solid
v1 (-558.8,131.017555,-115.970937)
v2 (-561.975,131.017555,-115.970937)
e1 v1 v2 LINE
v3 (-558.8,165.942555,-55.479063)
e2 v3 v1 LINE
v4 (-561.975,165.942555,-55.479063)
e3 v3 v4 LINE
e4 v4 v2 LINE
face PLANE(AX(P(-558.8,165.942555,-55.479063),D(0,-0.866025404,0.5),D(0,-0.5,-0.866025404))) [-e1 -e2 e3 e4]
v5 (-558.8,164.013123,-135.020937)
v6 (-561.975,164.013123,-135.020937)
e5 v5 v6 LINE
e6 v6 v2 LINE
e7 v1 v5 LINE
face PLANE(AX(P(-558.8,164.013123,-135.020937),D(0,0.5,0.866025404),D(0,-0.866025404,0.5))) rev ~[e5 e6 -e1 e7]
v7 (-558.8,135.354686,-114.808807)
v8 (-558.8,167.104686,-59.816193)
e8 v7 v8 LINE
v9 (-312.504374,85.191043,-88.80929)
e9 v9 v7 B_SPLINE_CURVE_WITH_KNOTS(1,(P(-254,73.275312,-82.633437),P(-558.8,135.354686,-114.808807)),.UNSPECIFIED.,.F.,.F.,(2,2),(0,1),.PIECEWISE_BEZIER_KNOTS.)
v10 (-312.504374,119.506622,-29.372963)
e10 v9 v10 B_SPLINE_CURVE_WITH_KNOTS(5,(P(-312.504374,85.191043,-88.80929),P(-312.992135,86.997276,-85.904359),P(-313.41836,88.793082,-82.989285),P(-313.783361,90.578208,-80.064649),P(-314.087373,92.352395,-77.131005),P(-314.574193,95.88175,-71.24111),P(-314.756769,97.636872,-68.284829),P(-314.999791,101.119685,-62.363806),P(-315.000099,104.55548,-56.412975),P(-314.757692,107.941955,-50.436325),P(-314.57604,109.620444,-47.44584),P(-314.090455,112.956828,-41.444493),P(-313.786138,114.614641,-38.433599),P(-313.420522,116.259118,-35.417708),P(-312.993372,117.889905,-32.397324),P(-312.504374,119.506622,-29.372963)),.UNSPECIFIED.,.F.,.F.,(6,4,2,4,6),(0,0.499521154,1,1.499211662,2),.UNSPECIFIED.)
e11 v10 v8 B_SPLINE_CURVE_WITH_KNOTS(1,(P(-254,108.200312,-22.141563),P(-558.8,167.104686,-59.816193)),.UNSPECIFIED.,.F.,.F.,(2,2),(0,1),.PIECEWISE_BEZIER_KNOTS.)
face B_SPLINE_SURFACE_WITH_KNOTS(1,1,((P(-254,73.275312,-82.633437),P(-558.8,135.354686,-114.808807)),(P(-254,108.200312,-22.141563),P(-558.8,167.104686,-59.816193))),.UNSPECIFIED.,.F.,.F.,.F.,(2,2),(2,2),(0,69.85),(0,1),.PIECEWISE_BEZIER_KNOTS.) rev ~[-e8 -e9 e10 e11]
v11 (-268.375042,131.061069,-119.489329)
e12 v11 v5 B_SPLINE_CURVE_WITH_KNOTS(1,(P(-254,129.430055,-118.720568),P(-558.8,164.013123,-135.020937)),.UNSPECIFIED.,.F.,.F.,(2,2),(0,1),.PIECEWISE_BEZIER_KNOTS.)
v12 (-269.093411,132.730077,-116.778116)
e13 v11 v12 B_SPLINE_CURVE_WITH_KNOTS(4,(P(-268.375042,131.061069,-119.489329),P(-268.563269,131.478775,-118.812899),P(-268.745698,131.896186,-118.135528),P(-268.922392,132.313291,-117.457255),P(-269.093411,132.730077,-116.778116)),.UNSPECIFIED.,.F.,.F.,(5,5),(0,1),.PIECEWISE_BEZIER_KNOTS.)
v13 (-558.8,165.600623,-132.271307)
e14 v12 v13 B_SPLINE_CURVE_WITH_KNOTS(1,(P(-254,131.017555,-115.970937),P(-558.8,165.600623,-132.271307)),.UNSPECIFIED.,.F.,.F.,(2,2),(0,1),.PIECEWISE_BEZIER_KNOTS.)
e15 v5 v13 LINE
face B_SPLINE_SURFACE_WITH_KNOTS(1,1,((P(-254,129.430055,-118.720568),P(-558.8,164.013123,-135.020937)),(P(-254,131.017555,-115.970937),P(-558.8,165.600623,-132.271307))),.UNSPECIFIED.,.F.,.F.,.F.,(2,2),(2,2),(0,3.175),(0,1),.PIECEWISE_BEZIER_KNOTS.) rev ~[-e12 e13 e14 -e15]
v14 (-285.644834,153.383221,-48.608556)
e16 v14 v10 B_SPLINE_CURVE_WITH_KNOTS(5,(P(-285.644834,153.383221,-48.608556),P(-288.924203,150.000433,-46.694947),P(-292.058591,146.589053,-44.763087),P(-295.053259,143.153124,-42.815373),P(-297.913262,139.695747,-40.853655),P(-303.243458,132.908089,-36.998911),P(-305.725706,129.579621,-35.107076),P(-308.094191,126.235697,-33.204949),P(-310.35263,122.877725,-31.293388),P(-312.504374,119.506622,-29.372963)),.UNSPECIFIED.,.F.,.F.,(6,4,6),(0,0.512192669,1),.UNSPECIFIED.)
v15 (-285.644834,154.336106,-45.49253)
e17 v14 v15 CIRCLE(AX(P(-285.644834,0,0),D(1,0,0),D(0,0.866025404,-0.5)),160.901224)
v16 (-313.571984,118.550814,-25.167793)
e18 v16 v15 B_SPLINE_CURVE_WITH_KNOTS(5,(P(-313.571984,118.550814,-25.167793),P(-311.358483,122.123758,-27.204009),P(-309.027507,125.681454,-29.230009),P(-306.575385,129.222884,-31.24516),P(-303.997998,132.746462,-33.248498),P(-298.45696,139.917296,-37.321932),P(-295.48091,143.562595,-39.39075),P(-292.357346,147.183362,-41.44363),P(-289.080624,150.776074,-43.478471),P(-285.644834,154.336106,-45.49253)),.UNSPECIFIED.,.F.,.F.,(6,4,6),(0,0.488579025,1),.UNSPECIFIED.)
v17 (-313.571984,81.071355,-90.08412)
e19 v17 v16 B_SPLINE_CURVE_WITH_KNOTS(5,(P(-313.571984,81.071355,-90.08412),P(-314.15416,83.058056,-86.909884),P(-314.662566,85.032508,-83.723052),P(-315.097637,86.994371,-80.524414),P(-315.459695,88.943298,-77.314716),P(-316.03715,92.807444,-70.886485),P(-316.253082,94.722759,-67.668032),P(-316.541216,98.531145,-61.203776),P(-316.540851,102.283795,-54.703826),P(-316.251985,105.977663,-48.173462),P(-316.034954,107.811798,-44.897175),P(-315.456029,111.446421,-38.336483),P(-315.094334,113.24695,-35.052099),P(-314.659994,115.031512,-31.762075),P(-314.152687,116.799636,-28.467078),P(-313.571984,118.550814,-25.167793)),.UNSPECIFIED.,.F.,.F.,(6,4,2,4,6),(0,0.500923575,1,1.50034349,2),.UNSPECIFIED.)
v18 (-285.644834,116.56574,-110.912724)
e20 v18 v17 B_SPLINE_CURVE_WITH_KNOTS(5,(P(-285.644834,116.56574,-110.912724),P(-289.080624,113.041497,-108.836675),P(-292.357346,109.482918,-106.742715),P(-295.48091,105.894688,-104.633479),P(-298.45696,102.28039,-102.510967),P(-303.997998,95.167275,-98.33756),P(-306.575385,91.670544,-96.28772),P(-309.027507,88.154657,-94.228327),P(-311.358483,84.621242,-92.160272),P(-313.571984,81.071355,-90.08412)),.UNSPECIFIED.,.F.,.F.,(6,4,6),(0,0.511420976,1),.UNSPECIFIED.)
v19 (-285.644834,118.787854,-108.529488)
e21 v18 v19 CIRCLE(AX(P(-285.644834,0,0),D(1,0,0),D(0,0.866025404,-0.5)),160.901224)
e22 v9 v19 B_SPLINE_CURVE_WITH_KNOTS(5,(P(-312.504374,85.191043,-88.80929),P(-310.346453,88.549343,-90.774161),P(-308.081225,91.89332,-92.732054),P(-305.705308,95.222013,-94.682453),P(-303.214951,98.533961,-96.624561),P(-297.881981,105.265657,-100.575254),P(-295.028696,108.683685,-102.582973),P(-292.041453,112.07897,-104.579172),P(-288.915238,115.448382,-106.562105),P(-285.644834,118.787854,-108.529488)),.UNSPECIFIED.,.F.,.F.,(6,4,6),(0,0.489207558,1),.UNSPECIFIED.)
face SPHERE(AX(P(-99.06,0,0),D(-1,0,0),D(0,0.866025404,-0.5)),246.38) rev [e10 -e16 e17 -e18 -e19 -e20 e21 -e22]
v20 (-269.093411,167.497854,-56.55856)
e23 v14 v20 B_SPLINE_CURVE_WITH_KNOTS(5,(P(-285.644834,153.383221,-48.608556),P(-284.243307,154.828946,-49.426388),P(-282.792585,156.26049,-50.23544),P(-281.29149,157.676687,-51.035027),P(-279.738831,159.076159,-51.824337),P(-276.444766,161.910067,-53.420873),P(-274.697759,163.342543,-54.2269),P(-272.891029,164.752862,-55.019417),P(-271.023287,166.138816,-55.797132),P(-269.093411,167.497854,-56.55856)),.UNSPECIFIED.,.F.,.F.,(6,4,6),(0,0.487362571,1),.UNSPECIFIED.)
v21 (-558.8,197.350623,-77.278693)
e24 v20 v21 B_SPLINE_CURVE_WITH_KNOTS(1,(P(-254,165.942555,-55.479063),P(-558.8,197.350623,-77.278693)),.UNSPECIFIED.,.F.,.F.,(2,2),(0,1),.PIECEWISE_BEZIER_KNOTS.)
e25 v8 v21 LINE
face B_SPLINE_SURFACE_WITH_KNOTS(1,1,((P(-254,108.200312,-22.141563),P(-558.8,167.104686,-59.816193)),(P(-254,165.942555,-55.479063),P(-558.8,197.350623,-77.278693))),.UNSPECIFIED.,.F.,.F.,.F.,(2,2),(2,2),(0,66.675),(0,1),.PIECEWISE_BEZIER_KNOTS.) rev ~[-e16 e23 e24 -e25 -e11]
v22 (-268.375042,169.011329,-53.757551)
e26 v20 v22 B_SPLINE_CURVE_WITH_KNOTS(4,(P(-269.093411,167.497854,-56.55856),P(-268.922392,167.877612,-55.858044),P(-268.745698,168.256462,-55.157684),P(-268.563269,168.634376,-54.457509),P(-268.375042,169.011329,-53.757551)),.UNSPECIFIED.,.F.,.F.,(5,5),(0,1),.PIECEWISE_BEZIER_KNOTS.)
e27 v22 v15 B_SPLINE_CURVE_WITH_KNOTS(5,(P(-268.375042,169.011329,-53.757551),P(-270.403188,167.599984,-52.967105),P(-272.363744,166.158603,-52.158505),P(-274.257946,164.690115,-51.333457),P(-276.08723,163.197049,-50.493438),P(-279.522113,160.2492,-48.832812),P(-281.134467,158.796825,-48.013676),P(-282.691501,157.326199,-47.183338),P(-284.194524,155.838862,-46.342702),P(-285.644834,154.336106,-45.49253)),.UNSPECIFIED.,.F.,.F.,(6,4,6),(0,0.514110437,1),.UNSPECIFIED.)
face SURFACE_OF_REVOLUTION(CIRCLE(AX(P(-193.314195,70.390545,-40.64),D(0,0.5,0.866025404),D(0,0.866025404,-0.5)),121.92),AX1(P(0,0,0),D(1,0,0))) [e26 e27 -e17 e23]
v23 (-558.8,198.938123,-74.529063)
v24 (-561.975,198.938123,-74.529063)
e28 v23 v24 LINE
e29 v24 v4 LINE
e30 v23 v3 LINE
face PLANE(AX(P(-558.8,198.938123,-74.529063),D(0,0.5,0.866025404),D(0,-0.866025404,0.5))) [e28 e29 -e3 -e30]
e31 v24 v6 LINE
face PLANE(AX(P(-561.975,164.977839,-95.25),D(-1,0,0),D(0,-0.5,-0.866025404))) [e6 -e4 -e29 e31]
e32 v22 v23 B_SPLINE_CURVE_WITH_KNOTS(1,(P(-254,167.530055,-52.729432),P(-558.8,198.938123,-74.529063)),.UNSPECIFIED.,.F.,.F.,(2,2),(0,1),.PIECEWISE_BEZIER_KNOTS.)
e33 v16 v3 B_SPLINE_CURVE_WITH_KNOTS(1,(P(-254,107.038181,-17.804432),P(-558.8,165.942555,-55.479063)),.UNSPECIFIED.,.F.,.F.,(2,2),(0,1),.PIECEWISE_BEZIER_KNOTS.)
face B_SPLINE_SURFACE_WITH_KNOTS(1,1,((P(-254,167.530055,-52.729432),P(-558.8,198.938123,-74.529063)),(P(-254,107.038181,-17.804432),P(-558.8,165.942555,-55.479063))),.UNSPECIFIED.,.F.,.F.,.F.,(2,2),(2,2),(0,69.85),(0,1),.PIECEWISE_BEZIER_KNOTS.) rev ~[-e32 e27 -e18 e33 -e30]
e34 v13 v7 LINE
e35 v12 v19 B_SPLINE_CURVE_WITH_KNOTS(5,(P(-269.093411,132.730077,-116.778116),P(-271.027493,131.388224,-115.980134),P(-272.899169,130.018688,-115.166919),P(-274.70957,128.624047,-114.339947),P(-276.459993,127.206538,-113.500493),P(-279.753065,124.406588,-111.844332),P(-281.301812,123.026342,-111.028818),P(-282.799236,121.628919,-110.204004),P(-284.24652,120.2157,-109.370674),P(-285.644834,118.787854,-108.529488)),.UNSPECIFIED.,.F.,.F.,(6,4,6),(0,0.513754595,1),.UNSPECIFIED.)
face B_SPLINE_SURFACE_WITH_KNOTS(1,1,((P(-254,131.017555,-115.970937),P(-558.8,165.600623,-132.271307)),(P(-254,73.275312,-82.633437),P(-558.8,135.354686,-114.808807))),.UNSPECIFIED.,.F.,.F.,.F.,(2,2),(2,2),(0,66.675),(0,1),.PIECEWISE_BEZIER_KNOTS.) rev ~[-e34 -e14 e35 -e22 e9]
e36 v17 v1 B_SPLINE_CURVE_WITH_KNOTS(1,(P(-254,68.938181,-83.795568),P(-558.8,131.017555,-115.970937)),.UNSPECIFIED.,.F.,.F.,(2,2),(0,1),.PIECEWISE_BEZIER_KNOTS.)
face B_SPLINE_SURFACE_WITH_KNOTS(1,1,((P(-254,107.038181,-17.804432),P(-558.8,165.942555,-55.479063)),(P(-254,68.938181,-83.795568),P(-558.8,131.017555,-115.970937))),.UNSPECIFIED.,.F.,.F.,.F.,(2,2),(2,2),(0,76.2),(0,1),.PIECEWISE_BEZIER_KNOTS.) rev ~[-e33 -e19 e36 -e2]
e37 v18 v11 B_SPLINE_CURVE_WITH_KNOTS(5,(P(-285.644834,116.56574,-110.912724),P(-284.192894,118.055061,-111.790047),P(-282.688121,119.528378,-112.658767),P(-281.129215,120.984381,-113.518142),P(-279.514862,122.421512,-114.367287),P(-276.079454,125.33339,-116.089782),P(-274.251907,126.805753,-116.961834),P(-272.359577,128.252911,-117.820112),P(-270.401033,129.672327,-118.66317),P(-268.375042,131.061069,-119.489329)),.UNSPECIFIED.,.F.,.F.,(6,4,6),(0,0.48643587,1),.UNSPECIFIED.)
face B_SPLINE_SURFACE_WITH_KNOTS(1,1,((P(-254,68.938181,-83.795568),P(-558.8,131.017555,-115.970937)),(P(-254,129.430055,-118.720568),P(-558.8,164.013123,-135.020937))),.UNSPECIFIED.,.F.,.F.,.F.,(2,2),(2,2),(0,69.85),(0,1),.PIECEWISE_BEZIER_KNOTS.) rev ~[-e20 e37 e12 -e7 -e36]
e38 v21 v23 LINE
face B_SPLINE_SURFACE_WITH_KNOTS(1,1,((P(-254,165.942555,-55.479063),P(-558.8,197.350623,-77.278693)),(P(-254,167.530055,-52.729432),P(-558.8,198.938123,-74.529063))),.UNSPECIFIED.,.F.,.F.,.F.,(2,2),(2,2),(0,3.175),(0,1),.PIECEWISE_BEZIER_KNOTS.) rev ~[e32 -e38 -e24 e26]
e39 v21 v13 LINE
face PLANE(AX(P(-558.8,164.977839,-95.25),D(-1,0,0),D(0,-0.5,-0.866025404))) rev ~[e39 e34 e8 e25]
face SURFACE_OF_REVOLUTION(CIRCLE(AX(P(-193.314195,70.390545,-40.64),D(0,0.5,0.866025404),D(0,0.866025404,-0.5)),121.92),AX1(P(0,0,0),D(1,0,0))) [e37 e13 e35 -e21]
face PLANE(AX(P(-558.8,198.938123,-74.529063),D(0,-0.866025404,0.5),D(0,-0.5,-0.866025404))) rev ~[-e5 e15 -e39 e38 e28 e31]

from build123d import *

# Parameters (mm, degrees)
SKETCH121_W             = 69.85
SKETCH121_H             = 38.1
PAD026_DEPTH            = 3.175
BODY036_PLACEMENT_ANGLE = 240


with BuildPart() as part:
    # Sketch119 → AdditiveLoft003 section 0
    with BuildSketch(Plane(origin=(-254, 0, 101.6), x_dir=(0, 1, 0), z_dir=(1, 0, 0))):
        Polygon((-38.1, 69.85), (-38.1, 0), (38.1, 0), (38.1, 69.8500000001), (34.925, 69.8500000001), (34.925, 3.175), (-34.925, 3.175), (-34.925, 69.85), align=None)
    # Sketch120 → AdditiveLoft003 section 1
    with BuildSketch(Plane(origin=(-558.8, 0, 127), x_dir=(0, 1, 0), z_dir=(1, 0, 0))):
        Polygon((-34.925, 82.55), (-34.925, 44.45), (34.925, 44.45), (34.925, 82.55), (31.75, 82.55), (31.75, 47.625), (-31.75, 47.625), (-31.75, 82.55), align=None)
    loft()

    # Sketch121 (on Face3 of AdditiveLoft003) → Pad026 (new body)
    with BuildSketch(Plane(origin=(-558.8, 0, 101.6), x_dir=(0, 1, 0), z_dir=(-1, 0, 0))):
        with Locations((0, -88.9)):
            Rectangle(SKETCH121_W, SKETCH121_H)
    extrude(amount=PAD026_DEPTH)

    # Sketch122 → Groove005 (revolve, cut)
    with BuildSketch(Plane.XZ):
        with BuildLine():
            ThreePointArc((-285.6448342114, 160.9012244898), (-330.0079117171, 85.8263739972), (-345.44, 0))
            Line((-345.44, 0), (0, 0))
            Line((0, 203.2), (0, 0))
            Line((-193.3141946016, 203.2), (0, 203.2))
            ThreePointArc((-193.3141946016, 203.2), (-244.0934556744, 192.1220184086), (-285.6448342114, 160.9012244898))
        make_face()
    revolve(axis=Axis((0, 0, 0), (1, 0, 0)), mode=Mode.SUBTRACT)


with BuildPart() as part_1:
    # Body036 placement: moved
    add(part.part.rotate(Axis((0, 0, 0), (1, 0, 0)), BODY036_PLACEMENT_ANGLE))


solid = part_1.part
